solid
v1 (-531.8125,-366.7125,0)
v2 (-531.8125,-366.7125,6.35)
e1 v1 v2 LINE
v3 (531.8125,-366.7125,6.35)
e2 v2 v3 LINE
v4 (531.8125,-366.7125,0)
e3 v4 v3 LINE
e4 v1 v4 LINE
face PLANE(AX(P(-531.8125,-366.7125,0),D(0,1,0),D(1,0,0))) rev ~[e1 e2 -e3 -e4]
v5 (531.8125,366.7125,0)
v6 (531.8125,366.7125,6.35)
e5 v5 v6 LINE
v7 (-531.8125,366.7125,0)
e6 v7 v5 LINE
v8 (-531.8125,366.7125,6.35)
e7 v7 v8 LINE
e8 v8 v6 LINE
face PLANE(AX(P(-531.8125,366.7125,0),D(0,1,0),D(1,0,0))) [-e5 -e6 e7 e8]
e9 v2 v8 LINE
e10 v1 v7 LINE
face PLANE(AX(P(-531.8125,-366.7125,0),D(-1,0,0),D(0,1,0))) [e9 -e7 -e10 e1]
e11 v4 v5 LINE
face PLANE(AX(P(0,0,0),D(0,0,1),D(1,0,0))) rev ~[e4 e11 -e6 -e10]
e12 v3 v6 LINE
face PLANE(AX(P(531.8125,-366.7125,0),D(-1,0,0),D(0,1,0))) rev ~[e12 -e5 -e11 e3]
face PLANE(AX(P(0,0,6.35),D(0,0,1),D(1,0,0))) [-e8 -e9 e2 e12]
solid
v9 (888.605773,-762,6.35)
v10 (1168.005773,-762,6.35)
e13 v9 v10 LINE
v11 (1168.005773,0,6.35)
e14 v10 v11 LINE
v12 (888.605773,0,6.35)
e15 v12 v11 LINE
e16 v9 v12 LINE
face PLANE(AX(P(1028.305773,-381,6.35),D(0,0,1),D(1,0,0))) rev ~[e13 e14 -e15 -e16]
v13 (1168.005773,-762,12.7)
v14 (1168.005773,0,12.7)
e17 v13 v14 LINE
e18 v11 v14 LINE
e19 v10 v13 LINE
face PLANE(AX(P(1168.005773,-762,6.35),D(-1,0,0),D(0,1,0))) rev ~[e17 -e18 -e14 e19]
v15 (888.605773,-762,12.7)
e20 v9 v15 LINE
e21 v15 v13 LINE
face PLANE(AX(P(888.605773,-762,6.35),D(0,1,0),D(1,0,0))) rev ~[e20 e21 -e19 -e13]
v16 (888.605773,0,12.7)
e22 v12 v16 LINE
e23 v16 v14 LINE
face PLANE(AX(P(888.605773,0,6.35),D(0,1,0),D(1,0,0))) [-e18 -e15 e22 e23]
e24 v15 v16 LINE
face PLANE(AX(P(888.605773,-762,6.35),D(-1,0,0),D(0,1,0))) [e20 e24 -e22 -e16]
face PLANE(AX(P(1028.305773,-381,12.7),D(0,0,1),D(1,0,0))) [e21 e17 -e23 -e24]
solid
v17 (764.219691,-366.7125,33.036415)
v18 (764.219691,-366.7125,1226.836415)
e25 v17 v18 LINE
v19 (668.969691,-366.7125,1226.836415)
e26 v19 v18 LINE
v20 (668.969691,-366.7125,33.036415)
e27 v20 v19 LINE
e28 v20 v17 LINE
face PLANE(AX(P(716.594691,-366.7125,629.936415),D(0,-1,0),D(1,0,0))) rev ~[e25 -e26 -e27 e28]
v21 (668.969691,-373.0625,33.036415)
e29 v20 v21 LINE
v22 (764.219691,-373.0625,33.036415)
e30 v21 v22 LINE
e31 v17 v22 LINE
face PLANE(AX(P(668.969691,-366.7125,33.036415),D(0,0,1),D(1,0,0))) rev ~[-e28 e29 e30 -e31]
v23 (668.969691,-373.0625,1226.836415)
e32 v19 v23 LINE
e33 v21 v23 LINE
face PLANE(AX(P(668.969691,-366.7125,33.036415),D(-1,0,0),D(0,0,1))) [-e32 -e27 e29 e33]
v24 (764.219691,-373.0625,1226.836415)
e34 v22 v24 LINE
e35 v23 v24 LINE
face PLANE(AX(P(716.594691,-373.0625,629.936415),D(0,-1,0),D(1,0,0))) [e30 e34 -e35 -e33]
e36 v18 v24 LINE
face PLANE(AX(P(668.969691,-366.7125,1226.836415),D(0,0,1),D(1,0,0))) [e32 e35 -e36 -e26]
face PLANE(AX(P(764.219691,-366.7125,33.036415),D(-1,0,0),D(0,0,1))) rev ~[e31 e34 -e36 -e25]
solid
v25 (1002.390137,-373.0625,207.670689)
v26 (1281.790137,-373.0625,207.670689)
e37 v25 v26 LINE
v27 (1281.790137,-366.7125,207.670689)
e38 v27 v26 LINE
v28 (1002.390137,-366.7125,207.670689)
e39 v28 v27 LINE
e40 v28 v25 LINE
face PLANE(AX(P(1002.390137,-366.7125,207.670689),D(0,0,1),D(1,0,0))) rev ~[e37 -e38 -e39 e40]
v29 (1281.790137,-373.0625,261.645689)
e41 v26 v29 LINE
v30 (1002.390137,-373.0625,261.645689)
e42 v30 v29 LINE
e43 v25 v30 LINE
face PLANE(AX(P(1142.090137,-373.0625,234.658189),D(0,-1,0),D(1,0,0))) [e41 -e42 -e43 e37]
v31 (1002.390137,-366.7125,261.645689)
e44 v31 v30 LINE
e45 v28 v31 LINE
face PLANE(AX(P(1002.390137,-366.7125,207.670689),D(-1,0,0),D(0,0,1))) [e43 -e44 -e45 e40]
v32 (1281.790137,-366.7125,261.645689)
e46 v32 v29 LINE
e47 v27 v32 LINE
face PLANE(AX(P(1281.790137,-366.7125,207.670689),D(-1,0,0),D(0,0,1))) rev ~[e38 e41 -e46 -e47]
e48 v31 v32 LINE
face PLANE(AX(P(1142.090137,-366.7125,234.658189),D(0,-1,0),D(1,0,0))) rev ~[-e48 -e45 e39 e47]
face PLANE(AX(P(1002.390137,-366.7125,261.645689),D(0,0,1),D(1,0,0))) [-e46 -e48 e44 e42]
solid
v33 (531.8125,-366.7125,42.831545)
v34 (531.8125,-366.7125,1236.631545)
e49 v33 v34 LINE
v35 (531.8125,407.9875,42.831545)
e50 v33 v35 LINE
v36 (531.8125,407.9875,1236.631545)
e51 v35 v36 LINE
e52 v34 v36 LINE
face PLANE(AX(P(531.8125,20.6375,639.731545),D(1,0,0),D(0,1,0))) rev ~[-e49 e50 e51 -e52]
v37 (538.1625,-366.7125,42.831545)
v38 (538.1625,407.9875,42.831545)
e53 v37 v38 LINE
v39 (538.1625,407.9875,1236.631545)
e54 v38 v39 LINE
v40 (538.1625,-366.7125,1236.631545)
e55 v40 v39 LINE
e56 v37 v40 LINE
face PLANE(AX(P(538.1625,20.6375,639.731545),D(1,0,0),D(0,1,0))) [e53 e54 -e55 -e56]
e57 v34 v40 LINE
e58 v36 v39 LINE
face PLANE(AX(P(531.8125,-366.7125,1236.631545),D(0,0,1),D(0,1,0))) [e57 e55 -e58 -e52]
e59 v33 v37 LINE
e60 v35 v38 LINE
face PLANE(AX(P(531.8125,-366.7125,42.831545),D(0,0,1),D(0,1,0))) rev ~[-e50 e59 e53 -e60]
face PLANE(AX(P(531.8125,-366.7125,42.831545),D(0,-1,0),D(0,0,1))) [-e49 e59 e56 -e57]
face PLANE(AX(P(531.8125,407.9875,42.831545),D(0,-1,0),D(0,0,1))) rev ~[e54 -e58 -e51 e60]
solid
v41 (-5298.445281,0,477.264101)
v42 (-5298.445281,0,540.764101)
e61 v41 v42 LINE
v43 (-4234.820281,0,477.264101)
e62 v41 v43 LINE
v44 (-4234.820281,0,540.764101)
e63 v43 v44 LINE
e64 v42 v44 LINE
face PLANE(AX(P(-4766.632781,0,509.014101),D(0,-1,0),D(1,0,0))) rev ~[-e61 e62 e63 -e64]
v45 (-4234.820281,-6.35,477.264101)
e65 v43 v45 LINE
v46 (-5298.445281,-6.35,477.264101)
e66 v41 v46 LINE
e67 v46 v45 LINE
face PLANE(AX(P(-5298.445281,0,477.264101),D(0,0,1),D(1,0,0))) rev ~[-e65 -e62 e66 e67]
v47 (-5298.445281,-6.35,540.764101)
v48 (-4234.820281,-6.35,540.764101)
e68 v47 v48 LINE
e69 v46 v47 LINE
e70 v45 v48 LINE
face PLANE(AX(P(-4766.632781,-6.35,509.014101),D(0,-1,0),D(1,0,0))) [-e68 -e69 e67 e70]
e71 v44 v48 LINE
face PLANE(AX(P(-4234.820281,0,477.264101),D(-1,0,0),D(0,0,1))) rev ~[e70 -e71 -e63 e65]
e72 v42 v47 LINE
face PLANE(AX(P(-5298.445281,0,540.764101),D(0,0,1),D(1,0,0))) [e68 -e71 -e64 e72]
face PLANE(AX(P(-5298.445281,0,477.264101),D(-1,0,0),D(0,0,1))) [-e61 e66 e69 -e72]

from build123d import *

# Parameters (mm, degrees)
F0_W      = 1063.625
F0_H      = 733.425
F1_DEPTH  = 6.35
F2_W      = 774.7
F2_H      = 1193.8
F3_DEPTH  = 6.35
F4_W      = 95.25
F4_H      = 1193.8
F5_DEPTH  = 6.35
F6_W      = 279.4
F6_H      = 762
F7_DEPTH  = 6.35
F8_W      = 279.4
F8_H      = 53.975
F9_DEPTH  = 6.35
F10_W     = 1063.625
F10_H     = 63.5
F11_DEPTH = 6.35


with BuildPart() as f1:
    # F0 (on Top) → F1 (new body)
    with BuildSketch(Plane.XY):
        Rectangle(F0_W, F0_H)
    extrude(amount=F1_DEPTH)


with BuildPart() as f3:
    # F2 (on face) → F3 (new body)
    with BuildSketch(Plane.YZ.offset(531.8125)):
        with Locations((20.6375, 639.731545)):
            Rectangle(F2_W, F2_H)
    extrude(amount=F3_DEPTH)


with BuildPart() as f5:
    # F4 (on face) → F5 (new body)
    with BuildSketch(Plane.XZ.offset(366.7125)):
        with Locations((716.594691, 629.936415)):
            Rectangle(F4_W, F4_H)
    extrude(amount=F5_DEPTH)


with BuildPart() as f7:
    # F6 (on face) → F7 (new body)
    with BuildSketch(Plane.XY.offset(6.35)):
        with Locations((1028.305773, -381)):
            Rectangle(F6_W, F6_H)
    extrude(amount=F7_DEPTH)


with BuildPart() as f9:
    # F8 (on face) → F9 (new body)
    with BuildSketch(Plane.XZ.offset(366.7125)):
        with Locations((1142.090137, 234.658189)):
            Rectangle(F8_W, F8_H)
    extrude(amount=F9_DEPTH)


with BuildPart() as f11:
    # F10 (on Front) → F11 (new body)
    with BuildSketch(Plane.XZ):
        with Locations((-4766.632781, 509.014101)):
            Rectangle(F10_W, F10_H)
    extrude(amount=F11_DEPTH)


solid = Compound([f1.part, f3.part, f5.part, f7.part, f9.part, f11.part])
